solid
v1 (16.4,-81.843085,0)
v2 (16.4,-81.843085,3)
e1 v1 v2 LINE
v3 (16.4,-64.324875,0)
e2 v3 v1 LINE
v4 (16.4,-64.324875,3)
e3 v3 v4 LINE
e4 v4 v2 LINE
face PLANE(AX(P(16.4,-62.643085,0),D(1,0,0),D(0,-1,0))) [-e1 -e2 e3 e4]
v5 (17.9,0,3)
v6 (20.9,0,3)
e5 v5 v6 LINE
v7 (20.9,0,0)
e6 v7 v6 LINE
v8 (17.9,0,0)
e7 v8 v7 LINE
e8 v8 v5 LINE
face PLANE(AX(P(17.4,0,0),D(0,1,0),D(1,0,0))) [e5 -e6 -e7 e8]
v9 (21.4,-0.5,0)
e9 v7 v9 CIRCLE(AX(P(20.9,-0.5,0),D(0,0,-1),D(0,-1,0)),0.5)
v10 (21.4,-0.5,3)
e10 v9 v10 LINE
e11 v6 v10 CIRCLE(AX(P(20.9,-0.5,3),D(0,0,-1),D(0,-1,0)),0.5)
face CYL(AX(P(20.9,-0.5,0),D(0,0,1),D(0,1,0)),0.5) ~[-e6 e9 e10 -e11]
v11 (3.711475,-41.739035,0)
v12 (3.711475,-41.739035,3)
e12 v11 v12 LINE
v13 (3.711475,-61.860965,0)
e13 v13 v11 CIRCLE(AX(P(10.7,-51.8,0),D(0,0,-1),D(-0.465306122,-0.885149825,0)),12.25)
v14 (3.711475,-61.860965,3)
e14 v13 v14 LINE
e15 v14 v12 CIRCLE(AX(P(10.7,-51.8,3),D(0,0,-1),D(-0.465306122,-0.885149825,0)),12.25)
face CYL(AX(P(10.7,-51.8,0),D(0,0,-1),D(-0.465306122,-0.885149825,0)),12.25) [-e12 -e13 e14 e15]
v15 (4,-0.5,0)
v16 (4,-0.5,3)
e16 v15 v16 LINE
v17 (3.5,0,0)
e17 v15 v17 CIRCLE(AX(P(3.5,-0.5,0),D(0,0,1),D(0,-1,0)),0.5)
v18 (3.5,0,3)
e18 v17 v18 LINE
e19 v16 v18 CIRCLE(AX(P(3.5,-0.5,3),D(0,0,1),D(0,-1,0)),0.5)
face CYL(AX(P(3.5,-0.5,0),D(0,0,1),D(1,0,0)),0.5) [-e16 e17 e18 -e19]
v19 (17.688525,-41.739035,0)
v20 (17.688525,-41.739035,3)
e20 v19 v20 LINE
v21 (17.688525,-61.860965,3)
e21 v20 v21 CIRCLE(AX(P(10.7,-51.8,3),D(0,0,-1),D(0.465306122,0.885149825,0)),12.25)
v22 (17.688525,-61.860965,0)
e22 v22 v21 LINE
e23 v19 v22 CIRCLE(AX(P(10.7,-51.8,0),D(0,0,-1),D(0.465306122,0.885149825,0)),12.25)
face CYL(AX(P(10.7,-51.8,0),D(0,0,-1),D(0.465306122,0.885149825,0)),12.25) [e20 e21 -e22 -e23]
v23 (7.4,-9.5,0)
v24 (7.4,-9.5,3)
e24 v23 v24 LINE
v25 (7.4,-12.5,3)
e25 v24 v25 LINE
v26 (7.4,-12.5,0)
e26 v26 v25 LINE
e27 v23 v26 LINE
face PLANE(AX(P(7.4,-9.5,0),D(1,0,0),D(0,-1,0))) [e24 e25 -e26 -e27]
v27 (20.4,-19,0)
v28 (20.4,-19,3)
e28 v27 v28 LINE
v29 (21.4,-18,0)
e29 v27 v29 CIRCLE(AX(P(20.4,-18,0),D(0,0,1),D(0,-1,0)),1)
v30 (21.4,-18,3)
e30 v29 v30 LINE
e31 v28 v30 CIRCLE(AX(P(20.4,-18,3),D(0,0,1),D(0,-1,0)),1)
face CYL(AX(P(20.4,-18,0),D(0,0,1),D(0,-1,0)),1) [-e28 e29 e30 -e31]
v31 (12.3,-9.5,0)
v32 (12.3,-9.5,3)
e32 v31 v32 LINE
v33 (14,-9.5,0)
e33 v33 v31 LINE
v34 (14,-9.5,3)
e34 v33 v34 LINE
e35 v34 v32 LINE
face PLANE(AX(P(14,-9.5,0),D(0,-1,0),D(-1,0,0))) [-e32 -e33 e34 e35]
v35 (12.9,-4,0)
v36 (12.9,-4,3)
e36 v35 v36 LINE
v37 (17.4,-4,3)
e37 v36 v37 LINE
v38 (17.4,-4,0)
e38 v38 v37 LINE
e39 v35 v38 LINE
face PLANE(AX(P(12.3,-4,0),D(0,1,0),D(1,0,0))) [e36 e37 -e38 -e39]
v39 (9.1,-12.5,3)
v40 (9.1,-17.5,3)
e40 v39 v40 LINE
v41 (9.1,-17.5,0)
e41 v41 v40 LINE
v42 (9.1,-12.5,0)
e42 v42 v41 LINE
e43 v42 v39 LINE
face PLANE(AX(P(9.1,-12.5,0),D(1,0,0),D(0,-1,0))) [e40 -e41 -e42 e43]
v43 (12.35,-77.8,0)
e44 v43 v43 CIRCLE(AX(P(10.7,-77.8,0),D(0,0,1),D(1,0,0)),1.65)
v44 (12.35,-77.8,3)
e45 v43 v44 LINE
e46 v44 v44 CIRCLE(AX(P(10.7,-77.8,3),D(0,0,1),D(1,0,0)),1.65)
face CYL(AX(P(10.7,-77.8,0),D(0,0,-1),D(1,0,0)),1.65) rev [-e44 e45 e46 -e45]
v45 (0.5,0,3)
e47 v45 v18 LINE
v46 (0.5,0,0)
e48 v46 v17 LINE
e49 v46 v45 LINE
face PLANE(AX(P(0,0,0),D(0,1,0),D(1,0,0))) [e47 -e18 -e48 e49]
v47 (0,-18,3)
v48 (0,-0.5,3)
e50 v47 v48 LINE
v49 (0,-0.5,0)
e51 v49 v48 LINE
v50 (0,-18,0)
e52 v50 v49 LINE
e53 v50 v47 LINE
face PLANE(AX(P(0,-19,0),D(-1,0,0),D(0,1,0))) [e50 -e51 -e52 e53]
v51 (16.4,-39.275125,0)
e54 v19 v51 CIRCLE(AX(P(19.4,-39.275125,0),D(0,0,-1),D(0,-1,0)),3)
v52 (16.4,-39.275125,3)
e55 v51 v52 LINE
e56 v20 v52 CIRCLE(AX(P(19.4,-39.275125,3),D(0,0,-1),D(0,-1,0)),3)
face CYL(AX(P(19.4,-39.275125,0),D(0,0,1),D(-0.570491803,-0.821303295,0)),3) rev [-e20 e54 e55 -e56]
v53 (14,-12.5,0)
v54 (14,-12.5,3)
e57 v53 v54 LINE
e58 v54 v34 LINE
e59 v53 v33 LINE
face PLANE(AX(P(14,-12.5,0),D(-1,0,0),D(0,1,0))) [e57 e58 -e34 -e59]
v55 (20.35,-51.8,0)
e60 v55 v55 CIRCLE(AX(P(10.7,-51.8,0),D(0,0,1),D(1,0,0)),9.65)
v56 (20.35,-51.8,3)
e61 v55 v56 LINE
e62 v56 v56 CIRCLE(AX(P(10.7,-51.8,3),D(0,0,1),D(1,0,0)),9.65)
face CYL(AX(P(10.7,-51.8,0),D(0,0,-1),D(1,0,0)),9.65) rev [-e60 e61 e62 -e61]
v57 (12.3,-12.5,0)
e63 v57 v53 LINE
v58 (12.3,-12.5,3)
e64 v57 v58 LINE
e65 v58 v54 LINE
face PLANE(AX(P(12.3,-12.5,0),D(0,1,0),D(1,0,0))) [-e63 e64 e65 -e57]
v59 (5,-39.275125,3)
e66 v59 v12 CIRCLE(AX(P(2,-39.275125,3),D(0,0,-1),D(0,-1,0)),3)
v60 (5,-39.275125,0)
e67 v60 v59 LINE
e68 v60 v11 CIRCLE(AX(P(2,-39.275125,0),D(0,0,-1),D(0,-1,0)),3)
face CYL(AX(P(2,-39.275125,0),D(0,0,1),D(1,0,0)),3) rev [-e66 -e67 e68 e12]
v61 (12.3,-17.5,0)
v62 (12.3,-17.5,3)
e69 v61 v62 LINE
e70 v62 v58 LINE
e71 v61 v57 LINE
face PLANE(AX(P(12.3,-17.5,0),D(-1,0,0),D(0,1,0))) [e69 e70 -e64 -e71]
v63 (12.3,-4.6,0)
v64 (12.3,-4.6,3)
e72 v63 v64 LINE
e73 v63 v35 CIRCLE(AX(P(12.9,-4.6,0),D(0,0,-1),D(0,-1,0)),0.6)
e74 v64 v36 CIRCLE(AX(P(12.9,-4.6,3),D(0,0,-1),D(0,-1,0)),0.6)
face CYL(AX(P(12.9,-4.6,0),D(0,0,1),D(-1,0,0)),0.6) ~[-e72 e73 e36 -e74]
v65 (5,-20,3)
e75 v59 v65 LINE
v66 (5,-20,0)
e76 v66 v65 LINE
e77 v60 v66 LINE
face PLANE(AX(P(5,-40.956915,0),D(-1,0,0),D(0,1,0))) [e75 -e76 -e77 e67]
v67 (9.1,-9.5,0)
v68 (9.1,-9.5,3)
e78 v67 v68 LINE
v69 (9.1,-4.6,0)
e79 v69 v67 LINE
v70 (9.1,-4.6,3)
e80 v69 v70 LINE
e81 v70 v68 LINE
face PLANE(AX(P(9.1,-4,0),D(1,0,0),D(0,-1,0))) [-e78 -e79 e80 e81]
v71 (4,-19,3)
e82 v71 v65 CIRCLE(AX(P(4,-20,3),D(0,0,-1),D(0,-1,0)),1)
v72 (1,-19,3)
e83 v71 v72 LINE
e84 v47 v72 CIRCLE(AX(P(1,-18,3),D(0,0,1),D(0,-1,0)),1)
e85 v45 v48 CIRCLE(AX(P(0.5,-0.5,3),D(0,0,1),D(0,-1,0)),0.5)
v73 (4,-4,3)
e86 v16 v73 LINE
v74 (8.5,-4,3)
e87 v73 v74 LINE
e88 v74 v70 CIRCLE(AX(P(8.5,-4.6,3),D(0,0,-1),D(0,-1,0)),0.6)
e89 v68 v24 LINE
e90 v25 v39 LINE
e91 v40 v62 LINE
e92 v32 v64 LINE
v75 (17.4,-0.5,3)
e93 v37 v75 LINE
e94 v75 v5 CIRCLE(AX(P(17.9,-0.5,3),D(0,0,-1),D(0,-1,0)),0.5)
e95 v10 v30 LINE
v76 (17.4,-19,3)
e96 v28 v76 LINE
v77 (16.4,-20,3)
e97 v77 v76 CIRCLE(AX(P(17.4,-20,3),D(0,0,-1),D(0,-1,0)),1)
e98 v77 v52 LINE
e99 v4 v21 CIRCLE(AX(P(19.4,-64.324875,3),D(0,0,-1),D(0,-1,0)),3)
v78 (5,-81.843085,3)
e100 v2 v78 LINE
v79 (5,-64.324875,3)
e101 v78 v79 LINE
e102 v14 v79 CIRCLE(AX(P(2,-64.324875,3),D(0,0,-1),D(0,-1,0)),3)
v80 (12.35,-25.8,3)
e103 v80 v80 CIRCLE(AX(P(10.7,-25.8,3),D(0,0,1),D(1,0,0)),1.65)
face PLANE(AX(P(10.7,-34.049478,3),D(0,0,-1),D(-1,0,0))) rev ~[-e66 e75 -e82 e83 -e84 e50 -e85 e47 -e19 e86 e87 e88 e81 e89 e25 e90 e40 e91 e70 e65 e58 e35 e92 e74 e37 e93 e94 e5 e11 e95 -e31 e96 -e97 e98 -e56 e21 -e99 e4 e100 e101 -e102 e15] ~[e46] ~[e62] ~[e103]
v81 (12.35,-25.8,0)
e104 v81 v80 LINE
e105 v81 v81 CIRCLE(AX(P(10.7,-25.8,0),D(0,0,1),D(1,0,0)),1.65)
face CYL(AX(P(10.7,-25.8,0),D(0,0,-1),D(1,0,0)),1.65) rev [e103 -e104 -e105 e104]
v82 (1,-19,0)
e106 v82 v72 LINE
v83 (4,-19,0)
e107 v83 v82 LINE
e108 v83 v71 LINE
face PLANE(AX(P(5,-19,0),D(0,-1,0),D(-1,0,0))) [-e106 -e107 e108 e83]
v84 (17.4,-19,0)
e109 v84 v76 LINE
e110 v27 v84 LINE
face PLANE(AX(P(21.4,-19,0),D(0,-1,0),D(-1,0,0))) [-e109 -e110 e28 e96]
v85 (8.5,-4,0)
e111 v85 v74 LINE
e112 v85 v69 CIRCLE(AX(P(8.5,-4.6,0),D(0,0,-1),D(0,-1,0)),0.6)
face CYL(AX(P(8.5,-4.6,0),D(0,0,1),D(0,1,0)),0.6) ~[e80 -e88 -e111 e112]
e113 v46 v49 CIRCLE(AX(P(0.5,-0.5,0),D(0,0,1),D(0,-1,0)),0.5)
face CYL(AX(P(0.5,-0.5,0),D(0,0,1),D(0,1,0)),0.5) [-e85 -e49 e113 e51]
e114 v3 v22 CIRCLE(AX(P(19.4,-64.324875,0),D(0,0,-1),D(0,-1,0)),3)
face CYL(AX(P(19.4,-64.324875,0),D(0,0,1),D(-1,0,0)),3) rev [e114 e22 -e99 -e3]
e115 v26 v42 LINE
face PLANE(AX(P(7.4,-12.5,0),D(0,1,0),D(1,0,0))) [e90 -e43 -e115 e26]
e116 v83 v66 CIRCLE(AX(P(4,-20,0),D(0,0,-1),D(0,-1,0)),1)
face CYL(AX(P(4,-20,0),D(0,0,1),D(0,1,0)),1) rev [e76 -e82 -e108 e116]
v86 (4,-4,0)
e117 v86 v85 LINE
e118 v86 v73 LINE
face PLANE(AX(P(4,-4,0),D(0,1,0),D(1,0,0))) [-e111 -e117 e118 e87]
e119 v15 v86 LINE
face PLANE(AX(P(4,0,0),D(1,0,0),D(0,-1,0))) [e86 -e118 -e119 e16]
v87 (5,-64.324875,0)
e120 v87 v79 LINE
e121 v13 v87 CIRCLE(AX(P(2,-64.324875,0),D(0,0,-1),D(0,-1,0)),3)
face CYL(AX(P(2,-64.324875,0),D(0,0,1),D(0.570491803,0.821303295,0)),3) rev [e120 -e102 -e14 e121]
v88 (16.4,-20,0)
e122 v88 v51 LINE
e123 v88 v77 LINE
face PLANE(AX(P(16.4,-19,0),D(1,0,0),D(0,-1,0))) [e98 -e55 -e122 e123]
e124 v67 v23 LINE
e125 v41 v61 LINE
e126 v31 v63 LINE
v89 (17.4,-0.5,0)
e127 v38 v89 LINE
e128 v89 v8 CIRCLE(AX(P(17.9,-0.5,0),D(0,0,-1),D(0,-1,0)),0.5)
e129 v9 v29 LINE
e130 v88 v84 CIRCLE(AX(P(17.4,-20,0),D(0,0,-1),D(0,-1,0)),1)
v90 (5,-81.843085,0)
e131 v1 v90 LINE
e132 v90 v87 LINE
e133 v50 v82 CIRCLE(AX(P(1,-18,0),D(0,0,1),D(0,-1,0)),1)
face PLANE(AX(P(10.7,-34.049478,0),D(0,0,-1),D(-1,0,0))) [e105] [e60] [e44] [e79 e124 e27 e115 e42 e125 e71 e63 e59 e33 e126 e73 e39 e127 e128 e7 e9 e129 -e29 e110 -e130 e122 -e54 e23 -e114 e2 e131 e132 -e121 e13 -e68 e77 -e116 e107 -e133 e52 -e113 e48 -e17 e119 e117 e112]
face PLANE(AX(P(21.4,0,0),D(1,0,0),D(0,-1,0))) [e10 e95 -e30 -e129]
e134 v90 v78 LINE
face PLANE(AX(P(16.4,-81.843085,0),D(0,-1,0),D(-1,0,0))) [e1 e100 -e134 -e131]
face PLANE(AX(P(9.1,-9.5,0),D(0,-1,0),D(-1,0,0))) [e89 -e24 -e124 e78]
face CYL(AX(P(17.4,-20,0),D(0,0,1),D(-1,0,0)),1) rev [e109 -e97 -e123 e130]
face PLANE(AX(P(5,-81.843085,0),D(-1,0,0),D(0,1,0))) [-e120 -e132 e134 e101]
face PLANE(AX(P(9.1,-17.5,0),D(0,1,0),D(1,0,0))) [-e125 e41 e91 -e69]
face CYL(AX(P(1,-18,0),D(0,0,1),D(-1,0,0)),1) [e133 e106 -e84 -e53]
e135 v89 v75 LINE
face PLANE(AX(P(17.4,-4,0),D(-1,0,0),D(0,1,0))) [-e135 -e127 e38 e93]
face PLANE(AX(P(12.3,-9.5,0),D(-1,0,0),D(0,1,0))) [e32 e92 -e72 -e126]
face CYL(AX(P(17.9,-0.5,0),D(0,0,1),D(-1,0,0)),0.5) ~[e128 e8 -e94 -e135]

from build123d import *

# Parameters (mm, degrees)
SKETCH_1_R      = 9.65
SKETCH_1_R_2    = 1.65
EXTRUDE_1_DEPTH = 3
FILLET_2_R      = 1
FILLET_3_R      = 0.6
FILLET_4_R      = 0.5
FILLET_5_R      = 3


with BuildPart() as part:
    # 草图1 → 凸台-拉伸1 (new body)
    with BuildSketch(Plane.XY):
        with BuildLine():
            Line((0, 0), (4, 0))
            Line((4, 0), (4, -4))
            Line((4, -4), (9.1, -4))
            Line((9.1, -4), (9.1, -9.5))
            Line((9.1, -9.5), (7.4, -9.5))
            Line((7.4, -9.5), (7.4, -12.5))
            Line((7.4, -12.5), (9.1, -12.5))
            Line((9.1, -12.5), (9.1, -17.5))
            Line((9.1, -17.5), (12.3, -17.5))
            Line((12.3, -17.5), (12.3, -12.5))
            Line((12.3, -12.5), (14, -12.5))
            Line((14, -12.5), (14, -9.5))
            Line((14, -9.5), (12.3, -9.5))
            Line((12.3, -9.5), (12.3, -4))
            Line((12.3, -4), (17.4, -4))
            Line((17.4, -4), (17.4, 0))
            Line((17.4, 0), (21.4, 0))
            Line((21.4, 0), (21.4, -4))
            Line((21.4, -4), (21.4, -19))
            Line((21.4, -19), (16.4, -19))
            Line((16.4, -19), (16.4, -40.956914646))
            ThreePointArc((16.4, -40.956914646), (22.95, -51.8), (16.4, -62.643085354))
            Line((16.4, -62.643085354), (16.4, -81.843085354))
            Line((16.4, -81.843085354), (5, -81.843085354))
            Line((5, -81.843085354), (5, -62.643085354))
            ThreePointArc((5, -62.643085354), (-1.55, -51.8), (5, -40.956914646))
            Line((5, -40.956914646), (5, -19))
            Line((5, -19), (0, -19))
            Line((0, -19), (0, -4))
            Line((0, -4), (0, 0))
        make_face()
        with Locations((10.7, -51.8)):
            Circle(SKETCH_1_R, mode=Mode.SUBTRACT)
        with Locations((10.7, -25.8)):
            Circle(SKETCH_1_R_2, mode=Mode.SUBTRACT)
        with Locations((10.7, -77.8)):
            Circle(SKETCH_1_R_2, mode=Mode.SUBTRACT)
    extrude(amount=EXTRUDE_1_DEPTH)

    # 圆角2
    fillet_2_edges = [part.edges().sort_by_distance(p)[0] for p in [
        (21.4, -19, 1.5),
        (16.4, -19, 1.5),
        (5, -19, 1.5),
        (0, -19, 1.5),
    ]]
    fillet(fillet_2_edges, radius=FILLET_2_R)

    # 圆角3
    fillet_3_edges = [part.edges().sort_by_distance(p)[0] for p in [
        (9.1, -4, 1.5),
        (12.3, -4, 1.5),
    ]]
    fillet(fillet_3_edges, radius=FILLET_3_R)

    # 圆角4
    fillet_4_edges = [part.edges().sort_by_distance(p)[0] for p in [
        (0, 0, 1.5),
        (4, 0, 1.5),
        (17.4, 0, 1.5),
        (21.4, 0, 1.5),
    ]]
    fillet(fillet_4_edges, radius=FILLET_4_R)

    # 圆角5
    fillet_5_edges = [part.edges().sort_by_distance(p)[0] for p in [
        (16.4, -40.956914646, 1.5),
        (16.4, -62.643085354, 1.5),
        (5, -62.643085354, 1.5),
        (5, -40.956914646, 1.5),
    ]]
    fillet(fillet_5_edges, radius=FILLET_5_R)


solid = part.part
